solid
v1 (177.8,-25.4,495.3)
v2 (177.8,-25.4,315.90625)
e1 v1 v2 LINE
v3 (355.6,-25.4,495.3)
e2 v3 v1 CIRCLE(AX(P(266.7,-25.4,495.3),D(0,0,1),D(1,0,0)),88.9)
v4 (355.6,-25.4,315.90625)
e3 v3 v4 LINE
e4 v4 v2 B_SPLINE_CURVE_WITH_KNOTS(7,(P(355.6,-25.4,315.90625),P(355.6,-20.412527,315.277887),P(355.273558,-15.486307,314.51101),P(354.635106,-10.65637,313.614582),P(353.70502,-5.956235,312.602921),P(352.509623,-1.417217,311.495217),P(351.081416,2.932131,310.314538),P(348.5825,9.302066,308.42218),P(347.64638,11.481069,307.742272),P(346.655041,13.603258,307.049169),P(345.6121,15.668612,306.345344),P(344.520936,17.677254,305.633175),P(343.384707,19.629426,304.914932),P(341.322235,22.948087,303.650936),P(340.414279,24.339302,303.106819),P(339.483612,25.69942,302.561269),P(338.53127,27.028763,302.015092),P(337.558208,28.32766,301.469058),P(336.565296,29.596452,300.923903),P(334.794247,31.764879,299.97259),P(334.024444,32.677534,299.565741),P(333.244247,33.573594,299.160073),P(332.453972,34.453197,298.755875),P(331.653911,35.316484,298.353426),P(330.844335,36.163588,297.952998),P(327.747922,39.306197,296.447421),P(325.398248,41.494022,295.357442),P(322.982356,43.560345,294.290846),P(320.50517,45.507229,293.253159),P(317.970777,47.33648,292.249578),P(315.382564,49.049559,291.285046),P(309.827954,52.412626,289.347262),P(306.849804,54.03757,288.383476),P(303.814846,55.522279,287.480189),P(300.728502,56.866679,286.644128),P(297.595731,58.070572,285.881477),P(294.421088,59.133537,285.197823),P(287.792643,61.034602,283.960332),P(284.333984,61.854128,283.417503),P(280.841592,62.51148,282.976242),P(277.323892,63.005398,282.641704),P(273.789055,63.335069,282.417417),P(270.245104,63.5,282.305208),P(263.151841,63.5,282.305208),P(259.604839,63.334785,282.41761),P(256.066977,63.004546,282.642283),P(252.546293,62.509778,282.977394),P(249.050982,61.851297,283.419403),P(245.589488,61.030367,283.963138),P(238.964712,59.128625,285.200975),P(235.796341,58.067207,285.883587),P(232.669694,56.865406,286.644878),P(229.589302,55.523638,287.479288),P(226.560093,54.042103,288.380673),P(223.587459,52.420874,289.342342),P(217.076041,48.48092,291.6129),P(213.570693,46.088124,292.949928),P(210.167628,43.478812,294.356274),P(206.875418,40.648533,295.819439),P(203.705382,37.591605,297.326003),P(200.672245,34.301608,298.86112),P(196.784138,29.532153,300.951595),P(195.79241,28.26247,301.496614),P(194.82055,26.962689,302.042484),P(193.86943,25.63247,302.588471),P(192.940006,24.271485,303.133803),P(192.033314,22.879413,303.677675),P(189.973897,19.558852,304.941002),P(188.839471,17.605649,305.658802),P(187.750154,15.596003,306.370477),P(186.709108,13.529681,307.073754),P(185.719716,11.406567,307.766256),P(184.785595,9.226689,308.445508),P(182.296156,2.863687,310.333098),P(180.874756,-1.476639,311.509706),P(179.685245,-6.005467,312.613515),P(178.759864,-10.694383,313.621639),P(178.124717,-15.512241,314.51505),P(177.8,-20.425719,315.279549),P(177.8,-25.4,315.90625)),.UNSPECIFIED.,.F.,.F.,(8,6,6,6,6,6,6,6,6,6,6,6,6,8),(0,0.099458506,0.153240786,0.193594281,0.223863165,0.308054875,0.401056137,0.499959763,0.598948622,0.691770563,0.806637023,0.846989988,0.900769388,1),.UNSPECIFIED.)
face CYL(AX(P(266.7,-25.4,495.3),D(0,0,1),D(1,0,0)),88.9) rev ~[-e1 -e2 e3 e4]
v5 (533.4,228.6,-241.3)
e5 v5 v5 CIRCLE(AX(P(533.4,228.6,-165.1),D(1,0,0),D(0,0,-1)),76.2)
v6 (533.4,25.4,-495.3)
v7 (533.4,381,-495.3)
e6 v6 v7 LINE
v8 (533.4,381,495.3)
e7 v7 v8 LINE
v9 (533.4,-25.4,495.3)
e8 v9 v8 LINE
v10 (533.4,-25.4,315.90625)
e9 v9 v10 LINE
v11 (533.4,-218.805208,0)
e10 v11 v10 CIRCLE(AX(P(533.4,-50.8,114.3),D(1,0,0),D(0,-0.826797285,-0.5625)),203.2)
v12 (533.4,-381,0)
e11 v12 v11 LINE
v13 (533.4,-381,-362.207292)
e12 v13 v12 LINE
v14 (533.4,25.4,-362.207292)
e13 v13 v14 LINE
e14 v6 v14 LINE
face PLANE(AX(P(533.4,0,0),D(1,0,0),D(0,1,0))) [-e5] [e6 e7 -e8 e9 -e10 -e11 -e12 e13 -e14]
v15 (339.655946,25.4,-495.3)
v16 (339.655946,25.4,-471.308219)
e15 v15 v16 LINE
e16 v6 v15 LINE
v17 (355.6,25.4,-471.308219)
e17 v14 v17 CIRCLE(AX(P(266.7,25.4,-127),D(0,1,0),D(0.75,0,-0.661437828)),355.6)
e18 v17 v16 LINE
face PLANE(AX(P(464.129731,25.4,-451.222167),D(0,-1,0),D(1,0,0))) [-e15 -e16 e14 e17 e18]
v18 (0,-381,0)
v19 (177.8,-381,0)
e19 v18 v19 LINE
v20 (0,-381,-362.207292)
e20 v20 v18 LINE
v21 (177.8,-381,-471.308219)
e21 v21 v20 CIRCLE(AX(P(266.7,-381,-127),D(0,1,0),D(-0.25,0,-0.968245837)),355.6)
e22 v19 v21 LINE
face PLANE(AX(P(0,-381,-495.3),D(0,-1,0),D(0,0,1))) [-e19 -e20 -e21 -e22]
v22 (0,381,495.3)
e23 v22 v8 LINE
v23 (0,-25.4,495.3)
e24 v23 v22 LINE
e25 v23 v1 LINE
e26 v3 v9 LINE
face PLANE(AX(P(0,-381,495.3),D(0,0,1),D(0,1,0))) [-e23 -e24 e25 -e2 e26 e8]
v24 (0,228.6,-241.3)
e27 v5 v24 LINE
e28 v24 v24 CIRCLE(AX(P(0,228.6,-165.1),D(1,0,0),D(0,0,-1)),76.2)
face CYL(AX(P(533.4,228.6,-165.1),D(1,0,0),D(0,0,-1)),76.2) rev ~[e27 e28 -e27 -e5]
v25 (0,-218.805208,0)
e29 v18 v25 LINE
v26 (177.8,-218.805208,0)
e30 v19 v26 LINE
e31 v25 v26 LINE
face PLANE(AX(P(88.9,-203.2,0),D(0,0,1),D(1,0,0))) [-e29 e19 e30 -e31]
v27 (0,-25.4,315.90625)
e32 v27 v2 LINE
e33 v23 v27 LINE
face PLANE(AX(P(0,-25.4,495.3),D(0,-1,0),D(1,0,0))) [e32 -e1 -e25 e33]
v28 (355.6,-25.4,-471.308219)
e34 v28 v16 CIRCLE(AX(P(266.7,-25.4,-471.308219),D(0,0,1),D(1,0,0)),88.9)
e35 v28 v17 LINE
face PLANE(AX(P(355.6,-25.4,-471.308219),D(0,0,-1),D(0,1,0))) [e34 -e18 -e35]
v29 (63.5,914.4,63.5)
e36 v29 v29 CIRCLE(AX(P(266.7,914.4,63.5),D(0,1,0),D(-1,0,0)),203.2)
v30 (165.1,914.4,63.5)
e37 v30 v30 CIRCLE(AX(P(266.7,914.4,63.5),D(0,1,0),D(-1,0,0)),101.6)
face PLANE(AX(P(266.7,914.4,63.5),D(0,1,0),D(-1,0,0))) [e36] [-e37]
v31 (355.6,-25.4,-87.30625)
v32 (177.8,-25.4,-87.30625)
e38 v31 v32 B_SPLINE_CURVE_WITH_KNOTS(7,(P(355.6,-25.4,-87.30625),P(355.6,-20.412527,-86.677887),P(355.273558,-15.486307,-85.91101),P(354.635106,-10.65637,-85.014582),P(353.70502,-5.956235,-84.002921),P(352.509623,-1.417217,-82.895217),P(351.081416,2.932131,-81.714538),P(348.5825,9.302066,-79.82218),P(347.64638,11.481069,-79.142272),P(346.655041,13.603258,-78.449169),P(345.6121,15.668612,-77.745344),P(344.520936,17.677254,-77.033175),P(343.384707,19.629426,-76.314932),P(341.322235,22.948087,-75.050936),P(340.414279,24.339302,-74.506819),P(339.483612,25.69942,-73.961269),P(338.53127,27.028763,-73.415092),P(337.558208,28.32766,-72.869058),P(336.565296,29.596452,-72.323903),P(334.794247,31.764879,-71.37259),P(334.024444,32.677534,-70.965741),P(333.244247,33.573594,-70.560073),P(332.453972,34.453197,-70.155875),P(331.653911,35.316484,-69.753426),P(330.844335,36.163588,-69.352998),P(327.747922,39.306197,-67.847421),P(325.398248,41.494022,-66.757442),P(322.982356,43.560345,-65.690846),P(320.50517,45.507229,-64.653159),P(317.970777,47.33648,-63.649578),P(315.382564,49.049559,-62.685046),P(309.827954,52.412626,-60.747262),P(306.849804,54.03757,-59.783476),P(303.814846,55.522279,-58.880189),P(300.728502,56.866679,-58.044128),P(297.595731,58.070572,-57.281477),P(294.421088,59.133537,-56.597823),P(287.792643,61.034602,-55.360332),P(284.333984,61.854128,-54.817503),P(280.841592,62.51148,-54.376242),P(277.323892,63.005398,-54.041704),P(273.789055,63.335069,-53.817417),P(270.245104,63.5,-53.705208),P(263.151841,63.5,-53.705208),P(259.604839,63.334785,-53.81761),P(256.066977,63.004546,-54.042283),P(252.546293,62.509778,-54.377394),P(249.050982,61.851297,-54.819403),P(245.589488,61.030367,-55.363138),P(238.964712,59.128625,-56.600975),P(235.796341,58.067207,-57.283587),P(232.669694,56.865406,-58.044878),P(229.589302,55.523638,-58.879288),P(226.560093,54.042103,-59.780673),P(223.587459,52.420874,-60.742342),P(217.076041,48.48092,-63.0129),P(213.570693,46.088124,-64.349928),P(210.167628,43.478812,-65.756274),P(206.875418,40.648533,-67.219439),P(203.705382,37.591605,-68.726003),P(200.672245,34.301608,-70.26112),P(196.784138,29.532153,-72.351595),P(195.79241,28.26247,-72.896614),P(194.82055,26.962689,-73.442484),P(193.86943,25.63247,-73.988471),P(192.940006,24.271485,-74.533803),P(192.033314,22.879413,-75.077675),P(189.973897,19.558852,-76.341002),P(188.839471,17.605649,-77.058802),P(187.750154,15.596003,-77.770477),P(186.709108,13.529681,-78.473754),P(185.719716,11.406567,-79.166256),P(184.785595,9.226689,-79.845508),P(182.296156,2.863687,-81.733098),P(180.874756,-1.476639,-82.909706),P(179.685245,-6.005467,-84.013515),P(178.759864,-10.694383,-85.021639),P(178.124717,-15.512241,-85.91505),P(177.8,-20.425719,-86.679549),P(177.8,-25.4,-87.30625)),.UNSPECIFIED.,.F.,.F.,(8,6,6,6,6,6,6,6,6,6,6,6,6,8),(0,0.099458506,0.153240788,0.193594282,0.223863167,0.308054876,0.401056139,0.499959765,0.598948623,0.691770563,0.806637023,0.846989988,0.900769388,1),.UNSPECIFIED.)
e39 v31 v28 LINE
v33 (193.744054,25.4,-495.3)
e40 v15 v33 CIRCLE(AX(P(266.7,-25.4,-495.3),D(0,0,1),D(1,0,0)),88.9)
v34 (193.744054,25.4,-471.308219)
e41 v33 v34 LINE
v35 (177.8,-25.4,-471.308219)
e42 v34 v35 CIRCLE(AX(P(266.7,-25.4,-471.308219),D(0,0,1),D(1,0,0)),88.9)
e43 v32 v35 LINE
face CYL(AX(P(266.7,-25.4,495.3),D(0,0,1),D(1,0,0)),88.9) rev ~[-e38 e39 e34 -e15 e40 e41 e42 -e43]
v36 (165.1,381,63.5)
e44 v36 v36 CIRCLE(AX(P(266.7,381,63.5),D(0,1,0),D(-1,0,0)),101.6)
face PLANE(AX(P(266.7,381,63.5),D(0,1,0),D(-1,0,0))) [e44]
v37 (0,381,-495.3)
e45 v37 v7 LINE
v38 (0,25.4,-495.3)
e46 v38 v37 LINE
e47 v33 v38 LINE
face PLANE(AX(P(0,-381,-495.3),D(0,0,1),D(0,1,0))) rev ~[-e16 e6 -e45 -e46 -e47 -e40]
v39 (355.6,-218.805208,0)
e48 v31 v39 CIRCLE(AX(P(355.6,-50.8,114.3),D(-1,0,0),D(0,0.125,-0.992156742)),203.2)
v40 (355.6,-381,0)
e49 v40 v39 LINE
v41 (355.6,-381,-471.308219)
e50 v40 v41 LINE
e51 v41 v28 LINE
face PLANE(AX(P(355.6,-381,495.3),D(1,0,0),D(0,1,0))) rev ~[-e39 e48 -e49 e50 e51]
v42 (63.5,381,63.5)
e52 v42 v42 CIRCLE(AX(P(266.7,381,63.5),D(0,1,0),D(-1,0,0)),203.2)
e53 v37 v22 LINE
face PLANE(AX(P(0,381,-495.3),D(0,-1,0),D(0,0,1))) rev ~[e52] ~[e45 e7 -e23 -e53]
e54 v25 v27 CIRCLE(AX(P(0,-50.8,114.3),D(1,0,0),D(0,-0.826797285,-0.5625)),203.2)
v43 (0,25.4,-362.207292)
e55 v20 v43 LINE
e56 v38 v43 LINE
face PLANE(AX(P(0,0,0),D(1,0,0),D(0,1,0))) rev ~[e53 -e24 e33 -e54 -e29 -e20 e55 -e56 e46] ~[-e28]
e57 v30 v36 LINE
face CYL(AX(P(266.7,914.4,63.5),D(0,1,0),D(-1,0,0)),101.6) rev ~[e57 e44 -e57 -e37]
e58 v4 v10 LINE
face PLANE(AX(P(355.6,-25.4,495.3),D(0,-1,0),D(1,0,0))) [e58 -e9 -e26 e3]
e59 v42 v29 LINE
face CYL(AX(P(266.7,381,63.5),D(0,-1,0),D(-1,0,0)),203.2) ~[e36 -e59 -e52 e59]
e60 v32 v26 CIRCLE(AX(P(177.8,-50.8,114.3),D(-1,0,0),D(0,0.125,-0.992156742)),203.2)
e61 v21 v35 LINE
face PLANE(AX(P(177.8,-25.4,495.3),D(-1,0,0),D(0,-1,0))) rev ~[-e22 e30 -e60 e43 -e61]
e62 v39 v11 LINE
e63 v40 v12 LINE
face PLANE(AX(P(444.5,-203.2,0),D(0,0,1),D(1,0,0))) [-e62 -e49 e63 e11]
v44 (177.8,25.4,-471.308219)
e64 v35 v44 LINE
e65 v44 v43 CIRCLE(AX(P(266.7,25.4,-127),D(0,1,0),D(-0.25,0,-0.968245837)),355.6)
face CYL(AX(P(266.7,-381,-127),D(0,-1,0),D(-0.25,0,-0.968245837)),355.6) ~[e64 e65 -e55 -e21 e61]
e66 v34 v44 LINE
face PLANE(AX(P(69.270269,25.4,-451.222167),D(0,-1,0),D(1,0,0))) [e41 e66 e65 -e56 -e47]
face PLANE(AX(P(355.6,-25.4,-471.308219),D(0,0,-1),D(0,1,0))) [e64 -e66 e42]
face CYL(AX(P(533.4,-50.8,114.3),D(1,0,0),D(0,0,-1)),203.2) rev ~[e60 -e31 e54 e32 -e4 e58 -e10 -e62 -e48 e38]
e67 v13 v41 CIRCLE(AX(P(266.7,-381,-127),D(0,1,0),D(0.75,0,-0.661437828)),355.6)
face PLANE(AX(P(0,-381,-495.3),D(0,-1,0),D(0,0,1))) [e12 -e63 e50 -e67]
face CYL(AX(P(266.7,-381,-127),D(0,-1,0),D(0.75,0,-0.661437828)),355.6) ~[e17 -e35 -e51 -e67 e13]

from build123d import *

# Parameters (mm, degrees)
F0_W      = 762
F0_H      = 990.6
F1_DEPTH  = 533.4
F2_W      = 177.8
F2_H      = 355.6
F3_DEPTH  = 495.3
F4_DEPTH  = 1188.72
F6_DEPTH  = 406.4
F8_DEPTH  = 406.4
F10_DEPTH = 533.4
F11_R     = 101.6
F12_DEPTH = 533.4
F14_DEPTH = 751.84
F16_DEPTH = 1084.58


with BuildPart() as f1:
    # F0 (on Right) → F1 (new body)
    with BuildSketch(Plane.YZ):
        Rectangle(F0_W, F0_H)
    extrude(amount=F1_DEPTH)

    # F2 (on face) → F3 (cut)
    with BuildSketch(Plane.XY.offset(495.3)):
        with Locations((88.9, -203.2)):
            Rectangle(F2_W, F2_H)
        with Locations((444.5, -203.2)):
            Rectangle(F2_W, F2_H)
    extrude(amount=-F3_DEPTH, mode=Mode.SUBTRACT)

    # F2 (on face) → F4 (cut)
    with BuildSketch(Plane.XY.offset(495.3)):
        with BuildLine():
            Line((355.6, -381), (355.6, -25.4))
            ThreePointArc((355.6, -25.4), (266.7, 63.5), (177.8, -25.4))
            Line((177.8, -25.4), (177.8, -381))
            Line((177.8, -381), (355.6, -381))
        make_face()
    extrude(amount=-F4_DEPTH, mode=Mode.SUBTRACT)

    # F5 (on face) → F6 (cut)
    with BuildSketch(Plane.XZ.offset(381)):
        with BuildLine():
            Line((533.4, -495.3), (533.4, -362.2072915536))
            ThreePointArc((533.4, -362.2072915536), (452.6800879623, -430.0887112407), (355.6, -471.3082194778))
            Line((355.6, -471.3082194778), (355.6, -495.3))
            Line((355.6, -495.3), (533.4, -495.3))
        make_face()
    extrude(amount=-F6_DEPTH, mode=Mode.SUBTRACT)

    # F7 (on face) → F8 (cut)
    with BuildSketch(Plane.XZ.offset(381)):
        with BuildLine():
            ThreePointArc((177.8, -471.3082194778), (80.7199120377, -430.0887112407), (0, -362.2072915536))
            Line((0, -362.2072915536), (0, -495.3))
            Line((0, -495.3), (177.8, -495.3))
            Line((177.8, -495.3), (177.8, -471.3082194778))
        make_face()
    extrude(amount=-F8_DEPTH, mode=Mode.SUBTRACT)

    # F9 (on face) → F10 (join)
    with BuildSketch(Plane(origin=(0, 381, 0), x_dir=(-1, 0, 0), z_dir=(0, 1, 0))):
        with BuildLine():
            ThreePointArc((-266.7, -139.7), (-123.0159020629, -80.1840979371), (-63.5, 63.5))
            ThreePointArc((-63.5, 63.5), (-410.3840979371, 207.1840979371), (-266.7, -139.7))
        make_face()
    extrude(amount=F10_DEPTH)

    # F11 (on face) → F12 (cut)
    with BuildSketch(Plane(origin=(0, 914.4, 0), x_dir=(-1, 0, 0), z_dir=(0, 1, 0))):
        with Locations((-266.7, 63.5)):
            Circle(F11_R)
    extrude(amount=-F12_DEPTH, mode=Mode.SUBTRACT)

    # F14 (cut): a face of the model
    f14_faces = [f1.faces().sort_by_distance(p)[0] for p in [
        (355.6, 0, -483.3041097389),
    ]]
    extrude(f14_faces, amount=-F14_DEPTH, mode=Mode.SUBTRACT)

    # F15 (on face) → F16 (cut)
    with BuildSketch(Plane.YZ.offset(533.4)):
        with BuildLine():
            ThreePointArc((152.4, -165.1), (174.7184632736, -218.9815367264), (228.6, -241.3))
            Line((228.6, -241.3), (228.6, -165.1))
            Line((228.6, -165.1), (152.4, -165.1))
        make_face()
        with BuildLine():
            ThreePointArc((152.4, 114.3), (-194.4840979371, 257.9840979371), (-50.8, -88.9))
            ThreePointArc((-50.8, -88.9), (92.8840979371, -29.3840979371), (152.4, 114.3))
        make_face()
        with BuildLine():
            Line((228.6, -165.1), (228.6, -241.3))
            ThreePointArc((228.6, -241.3), (282.4815367264, -218.9815367264), (304.8, -165.1))
            ThreePointArc((304.8, -165.1), (228.6, -88.9), (152.4, -165.1))
            Line((152.4, -165.1), (228.6, -165.1))
        make_face()
    extrude(amount=-F16_DEPTH, mode=Mode.SUBTRACT)


solid = f1.part
